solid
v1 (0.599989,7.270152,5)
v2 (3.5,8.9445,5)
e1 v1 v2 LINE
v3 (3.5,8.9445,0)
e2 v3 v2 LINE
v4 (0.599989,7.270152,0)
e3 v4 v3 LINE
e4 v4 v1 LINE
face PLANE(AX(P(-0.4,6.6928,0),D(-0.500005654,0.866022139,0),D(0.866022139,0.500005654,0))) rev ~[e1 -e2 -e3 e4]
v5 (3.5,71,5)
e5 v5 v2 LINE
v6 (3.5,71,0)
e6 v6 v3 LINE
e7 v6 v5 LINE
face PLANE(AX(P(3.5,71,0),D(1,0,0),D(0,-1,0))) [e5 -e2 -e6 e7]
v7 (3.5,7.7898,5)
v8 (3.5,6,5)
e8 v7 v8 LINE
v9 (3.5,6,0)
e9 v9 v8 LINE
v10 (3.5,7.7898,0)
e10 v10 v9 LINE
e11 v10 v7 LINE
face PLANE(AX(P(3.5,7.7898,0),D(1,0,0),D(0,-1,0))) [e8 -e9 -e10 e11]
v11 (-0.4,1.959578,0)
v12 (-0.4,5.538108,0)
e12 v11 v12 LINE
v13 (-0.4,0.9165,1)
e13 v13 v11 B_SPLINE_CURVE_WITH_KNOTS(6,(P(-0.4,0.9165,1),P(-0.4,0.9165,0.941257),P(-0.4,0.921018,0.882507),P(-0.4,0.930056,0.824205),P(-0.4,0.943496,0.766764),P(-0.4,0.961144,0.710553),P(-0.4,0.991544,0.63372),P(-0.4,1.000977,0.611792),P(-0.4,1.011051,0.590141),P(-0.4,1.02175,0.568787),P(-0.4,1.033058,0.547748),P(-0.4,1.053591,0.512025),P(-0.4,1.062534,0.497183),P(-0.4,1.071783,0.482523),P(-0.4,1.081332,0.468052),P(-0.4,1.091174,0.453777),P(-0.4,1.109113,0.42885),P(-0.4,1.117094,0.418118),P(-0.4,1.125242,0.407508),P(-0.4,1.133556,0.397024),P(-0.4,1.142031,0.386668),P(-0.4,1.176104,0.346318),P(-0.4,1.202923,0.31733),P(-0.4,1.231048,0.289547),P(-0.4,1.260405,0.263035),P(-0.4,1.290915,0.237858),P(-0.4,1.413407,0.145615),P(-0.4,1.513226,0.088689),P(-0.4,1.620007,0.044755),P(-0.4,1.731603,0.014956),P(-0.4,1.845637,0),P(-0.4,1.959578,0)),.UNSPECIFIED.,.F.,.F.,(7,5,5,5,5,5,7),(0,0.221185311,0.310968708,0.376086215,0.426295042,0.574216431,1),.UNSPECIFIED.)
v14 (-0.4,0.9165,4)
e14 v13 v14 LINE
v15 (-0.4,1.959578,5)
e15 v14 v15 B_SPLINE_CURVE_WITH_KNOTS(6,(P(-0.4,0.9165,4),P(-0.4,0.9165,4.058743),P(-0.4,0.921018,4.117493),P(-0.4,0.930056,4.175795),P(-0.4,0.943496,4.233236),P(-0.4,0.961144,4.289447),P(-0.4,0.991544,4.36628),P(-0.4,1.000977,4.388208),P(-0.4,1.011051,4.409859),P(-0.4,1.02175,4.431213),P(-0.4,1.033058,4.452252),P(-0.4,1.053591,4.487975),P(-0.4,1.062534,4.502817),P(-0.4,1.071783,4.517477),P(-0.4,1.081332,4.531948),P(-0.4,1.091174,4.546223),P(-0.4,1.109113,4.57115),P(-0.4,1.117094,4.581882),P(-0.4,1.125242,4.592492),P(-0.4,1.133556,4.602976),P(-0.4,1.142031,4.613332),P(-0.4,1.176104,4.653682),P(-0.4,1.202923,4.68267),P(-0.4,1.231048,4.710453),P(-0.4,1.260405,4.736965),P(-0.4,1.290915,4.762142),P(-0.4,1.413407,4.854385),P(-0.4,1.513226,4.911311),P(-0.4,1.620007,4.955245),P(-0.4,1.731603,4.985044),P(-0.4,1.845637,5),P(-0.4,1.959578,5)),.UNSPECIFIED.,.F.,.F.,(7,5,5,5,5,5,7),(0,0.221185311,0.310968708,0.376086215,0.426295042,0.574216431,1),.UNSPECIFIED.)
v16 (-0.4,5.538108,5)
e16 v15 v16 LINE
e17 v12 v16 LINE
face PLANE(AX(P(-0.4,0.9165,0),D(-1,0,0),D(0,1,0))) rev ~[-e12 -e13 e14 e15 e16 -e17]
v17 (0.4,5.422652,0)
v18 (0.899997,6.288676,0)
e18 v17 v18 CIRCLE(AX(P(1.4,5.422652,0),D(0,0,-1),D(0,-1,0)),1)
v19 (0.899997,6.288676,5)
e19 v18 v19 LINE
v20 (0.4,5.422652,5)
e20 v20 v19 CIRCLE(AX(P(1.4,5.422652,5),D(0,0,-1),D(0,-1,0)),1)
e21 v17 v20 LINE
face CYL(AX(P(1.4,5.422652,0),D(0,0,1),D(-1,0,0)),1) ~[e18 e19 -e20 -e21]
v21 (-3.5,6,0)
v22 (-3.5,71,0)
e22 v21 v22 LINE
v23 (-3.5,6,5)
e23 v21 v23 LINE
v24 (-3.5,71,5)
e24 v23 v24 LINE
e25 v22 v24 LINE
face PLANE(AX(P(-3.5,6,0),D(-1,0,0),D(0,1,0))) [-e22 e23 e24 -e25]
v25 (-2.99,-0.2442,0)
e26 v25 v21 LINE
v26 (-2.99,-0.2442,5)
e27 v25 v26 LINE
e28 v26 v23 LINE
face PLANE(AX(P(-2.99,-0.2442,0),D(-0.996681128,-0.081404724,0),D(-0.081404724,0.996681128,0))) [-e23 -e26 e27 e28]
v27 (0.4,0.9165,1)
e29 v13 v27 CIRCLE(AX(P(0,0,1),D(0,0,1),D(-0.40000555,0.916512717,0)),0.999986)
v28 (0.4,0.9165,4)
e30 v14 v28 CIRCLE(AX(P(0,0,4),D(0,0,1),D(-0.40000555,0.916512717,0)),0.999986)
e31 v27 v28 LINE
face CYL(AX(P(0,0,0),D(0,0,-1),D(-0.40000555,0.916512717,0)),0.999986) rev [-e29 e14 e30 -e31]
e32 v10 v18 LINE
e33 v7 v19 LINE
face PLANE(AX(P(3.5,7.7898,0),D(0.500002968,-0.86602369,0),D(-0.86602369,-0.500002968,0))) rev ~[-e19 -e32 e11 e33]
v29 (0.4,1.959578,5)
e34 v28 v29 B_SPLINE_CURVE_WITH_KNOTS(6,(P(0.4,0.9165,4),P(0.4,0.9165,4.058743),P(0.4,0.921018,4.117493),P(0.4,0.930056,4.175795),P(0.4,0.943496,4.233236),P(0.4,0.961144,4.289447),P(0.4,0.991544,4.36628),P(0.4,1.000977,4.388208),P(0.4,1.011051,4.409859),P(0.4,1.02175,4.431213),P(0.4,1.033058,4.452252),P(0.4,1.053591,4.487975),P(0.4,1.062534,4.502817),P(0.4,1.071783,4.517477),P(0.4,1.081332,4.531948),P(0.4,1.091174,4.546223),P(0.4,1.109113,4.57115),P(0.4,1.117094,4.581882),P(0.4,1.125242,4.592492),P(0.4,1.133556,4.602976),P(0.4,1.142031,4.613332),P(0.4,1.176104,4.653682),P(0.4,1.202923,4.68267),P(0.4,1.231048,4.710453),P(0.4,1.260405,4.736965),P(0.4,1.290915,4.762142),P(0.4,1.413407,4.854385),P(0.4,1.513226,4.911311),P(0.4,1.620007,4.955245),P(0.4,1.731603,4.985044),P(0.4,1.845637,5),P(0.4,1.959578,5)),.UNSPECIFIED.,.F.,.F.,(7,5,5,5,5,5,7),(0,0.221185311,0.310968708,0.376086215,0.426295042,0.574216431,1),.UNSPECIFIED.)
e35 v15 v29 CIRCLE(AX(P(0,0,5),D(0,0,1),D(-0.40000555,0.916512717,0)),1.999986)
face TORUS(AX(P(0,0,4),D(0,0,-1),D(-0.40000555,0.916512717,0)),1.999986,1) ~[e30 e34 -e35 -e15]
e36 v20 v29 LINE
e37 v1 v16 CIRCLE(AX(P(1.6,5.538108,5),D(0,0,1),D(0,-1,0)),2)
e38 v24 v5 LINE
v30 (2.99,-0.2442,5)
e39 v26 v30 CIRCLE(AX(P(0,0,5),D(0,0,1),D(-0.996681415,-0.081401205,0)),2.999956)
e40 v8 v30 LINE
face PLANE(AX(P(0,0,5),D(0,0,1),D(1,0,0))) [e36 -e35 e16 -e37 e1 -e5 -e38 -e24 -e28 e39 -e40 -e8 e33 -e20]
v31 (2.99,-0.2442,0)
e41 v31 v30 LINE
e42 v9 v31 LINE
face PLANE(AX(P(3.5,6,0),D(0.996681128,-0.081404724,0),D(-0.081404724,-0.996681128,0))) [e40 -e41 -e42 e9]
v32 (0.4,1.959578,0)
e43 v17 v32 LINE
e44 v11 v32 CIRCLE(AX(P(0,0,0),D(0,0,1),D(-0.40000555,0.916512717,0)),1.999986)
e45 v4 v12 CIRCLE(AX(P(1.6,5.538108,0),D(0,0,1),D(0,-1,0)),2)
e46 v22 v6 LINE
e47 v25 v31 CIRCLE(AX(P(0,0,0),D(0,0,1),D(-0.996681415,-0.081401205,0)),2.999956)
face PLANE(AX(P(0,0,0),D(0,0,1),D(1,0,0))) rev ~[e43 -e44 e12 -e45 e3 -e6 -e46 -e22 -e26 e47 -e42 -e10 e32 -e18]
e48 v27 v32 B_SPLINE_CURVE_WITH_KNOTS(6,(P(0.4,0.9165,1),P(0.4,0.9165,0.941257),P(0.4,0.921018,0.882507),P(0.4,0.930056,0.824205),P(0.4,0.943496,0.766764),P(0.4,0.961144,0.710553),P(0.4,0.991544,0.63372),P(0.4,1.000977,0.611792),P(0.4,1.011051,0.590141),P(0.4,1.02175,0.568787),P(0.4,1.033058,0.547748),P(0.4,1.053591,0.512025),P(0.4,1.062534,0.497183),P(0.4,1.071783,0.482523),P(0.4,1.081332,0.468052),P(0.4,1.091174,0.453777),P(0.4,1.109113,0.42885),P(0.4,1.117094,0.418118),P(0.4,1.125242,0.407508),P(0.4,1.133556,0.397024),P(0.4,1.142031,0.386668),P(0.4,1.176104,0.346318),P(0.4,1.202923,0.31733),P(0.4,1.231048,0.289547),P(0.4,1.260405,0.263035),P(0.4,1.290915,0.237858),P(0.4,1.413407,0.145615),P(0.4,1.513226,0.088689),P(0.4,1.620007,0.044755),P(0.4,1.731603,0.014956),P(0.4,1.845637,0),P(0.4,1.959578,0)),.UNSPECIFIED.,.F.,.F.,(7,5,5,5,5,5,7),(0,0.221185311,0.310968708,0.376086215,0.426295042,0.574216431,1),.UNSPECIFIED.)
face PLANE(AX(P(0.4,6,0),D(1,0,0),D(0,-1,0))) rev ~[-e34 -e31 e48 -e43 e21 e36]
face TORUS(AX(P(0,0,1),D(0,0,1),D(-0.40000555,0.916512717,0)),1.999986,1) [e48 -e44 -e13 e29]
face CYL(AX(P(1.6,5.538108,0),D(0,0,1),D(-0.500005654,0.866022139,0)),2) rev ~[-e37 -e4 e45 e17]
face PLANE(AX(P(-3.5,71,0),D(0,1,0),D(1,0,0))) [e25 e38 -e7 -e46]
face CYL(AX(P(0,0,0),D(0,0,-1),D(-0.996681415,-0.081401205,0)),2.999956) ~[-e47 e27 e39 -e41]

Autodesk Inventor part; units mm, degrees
ref_plane "YZ Plane" through (0, 0, 0) normal (1, 0, 0) x (0, 1, 0)
ref_plane "XZ Plane" through (0, 0, 0) normal (0, 1, 0) x (-1, 0, 0)
ref_plane "XY Plane" through (0, 0, 0) normal (0, 0, 1) x (1, 0, 0)
sketch "Sketch1" plane through (0, 0, 0) normal (0, 0, 1) x (1, 0, 0)
  arc A0 (-0.4, 0.9165) -> (0.4, 0.9165) centre (0, 0) ccw
  arc A1 (-2.99, -0.2442) -> (2.99, -0.2442) centre (0, 0) ccw
  line L0 (-2.99, -0.2442) -> (-3.5, 6)
  line L1 (-3.5, 6) -> (-3.5, 71)
  line L2 (-3.5, 71) -> (3.5, 71)
  line L3 (3.5, 71) -> (3.5, 8.9445)
  line L4 (3.5, 6) -> (-3.5, 6) construction
  line L5 (3.5, 6) -> (2.99, -0.2442)
  line L6 (-0.4, 0.9165) -> (-0.4, 6.6928)
  line L7 (-0.4, 6.6928) -> (3.5, 8.9445)
  line L8 (3.5, 7.7898) -> (0.4, 6)
  line L9 (0.4, 6) -> (0.4, 0.9165)
  line L10 (0, 0) -> (0, 1.4678) construction
  line L11 (0, 1.4678) -> (-0.4, 1.4678) construction
  line L12 (0, 1.4678) -> (0.4, 1.4678) construction
  arc A2 (0, 1) -> (-0.4, 0.9165) centre (0, 0) ccw construction
  arc A3 (0.4, 0.9165) -> (0, 1) centre (0, 0) ccw construction
  line L13 (3.5, 8.9445) -> (3.5, 7.7898) construction
  line L14 (3.5, 7.7898) -> (3.5, 6)
  dimension "d0" = 2
  dimension "d1" = 0.8
  dimension "d2" = 1
  dimension "d3" = 30
  dimension "d4" = 2
  dimension "d5" = 7
  dimension "d6" = 6
  dimension "d7" = 65
extrude "Extrusion1" add sketch "Sketch1" along normal blind 5
fillet "Fillet1" radius 1 3 edges at (0, -1, 5) (0, -1, 0) (0.4, 6, 2.5)
fillet "Fillet1" radius 2 1 edges at (-0.4, 6.6928, 2.5)
properties part number "Winding_stick"
